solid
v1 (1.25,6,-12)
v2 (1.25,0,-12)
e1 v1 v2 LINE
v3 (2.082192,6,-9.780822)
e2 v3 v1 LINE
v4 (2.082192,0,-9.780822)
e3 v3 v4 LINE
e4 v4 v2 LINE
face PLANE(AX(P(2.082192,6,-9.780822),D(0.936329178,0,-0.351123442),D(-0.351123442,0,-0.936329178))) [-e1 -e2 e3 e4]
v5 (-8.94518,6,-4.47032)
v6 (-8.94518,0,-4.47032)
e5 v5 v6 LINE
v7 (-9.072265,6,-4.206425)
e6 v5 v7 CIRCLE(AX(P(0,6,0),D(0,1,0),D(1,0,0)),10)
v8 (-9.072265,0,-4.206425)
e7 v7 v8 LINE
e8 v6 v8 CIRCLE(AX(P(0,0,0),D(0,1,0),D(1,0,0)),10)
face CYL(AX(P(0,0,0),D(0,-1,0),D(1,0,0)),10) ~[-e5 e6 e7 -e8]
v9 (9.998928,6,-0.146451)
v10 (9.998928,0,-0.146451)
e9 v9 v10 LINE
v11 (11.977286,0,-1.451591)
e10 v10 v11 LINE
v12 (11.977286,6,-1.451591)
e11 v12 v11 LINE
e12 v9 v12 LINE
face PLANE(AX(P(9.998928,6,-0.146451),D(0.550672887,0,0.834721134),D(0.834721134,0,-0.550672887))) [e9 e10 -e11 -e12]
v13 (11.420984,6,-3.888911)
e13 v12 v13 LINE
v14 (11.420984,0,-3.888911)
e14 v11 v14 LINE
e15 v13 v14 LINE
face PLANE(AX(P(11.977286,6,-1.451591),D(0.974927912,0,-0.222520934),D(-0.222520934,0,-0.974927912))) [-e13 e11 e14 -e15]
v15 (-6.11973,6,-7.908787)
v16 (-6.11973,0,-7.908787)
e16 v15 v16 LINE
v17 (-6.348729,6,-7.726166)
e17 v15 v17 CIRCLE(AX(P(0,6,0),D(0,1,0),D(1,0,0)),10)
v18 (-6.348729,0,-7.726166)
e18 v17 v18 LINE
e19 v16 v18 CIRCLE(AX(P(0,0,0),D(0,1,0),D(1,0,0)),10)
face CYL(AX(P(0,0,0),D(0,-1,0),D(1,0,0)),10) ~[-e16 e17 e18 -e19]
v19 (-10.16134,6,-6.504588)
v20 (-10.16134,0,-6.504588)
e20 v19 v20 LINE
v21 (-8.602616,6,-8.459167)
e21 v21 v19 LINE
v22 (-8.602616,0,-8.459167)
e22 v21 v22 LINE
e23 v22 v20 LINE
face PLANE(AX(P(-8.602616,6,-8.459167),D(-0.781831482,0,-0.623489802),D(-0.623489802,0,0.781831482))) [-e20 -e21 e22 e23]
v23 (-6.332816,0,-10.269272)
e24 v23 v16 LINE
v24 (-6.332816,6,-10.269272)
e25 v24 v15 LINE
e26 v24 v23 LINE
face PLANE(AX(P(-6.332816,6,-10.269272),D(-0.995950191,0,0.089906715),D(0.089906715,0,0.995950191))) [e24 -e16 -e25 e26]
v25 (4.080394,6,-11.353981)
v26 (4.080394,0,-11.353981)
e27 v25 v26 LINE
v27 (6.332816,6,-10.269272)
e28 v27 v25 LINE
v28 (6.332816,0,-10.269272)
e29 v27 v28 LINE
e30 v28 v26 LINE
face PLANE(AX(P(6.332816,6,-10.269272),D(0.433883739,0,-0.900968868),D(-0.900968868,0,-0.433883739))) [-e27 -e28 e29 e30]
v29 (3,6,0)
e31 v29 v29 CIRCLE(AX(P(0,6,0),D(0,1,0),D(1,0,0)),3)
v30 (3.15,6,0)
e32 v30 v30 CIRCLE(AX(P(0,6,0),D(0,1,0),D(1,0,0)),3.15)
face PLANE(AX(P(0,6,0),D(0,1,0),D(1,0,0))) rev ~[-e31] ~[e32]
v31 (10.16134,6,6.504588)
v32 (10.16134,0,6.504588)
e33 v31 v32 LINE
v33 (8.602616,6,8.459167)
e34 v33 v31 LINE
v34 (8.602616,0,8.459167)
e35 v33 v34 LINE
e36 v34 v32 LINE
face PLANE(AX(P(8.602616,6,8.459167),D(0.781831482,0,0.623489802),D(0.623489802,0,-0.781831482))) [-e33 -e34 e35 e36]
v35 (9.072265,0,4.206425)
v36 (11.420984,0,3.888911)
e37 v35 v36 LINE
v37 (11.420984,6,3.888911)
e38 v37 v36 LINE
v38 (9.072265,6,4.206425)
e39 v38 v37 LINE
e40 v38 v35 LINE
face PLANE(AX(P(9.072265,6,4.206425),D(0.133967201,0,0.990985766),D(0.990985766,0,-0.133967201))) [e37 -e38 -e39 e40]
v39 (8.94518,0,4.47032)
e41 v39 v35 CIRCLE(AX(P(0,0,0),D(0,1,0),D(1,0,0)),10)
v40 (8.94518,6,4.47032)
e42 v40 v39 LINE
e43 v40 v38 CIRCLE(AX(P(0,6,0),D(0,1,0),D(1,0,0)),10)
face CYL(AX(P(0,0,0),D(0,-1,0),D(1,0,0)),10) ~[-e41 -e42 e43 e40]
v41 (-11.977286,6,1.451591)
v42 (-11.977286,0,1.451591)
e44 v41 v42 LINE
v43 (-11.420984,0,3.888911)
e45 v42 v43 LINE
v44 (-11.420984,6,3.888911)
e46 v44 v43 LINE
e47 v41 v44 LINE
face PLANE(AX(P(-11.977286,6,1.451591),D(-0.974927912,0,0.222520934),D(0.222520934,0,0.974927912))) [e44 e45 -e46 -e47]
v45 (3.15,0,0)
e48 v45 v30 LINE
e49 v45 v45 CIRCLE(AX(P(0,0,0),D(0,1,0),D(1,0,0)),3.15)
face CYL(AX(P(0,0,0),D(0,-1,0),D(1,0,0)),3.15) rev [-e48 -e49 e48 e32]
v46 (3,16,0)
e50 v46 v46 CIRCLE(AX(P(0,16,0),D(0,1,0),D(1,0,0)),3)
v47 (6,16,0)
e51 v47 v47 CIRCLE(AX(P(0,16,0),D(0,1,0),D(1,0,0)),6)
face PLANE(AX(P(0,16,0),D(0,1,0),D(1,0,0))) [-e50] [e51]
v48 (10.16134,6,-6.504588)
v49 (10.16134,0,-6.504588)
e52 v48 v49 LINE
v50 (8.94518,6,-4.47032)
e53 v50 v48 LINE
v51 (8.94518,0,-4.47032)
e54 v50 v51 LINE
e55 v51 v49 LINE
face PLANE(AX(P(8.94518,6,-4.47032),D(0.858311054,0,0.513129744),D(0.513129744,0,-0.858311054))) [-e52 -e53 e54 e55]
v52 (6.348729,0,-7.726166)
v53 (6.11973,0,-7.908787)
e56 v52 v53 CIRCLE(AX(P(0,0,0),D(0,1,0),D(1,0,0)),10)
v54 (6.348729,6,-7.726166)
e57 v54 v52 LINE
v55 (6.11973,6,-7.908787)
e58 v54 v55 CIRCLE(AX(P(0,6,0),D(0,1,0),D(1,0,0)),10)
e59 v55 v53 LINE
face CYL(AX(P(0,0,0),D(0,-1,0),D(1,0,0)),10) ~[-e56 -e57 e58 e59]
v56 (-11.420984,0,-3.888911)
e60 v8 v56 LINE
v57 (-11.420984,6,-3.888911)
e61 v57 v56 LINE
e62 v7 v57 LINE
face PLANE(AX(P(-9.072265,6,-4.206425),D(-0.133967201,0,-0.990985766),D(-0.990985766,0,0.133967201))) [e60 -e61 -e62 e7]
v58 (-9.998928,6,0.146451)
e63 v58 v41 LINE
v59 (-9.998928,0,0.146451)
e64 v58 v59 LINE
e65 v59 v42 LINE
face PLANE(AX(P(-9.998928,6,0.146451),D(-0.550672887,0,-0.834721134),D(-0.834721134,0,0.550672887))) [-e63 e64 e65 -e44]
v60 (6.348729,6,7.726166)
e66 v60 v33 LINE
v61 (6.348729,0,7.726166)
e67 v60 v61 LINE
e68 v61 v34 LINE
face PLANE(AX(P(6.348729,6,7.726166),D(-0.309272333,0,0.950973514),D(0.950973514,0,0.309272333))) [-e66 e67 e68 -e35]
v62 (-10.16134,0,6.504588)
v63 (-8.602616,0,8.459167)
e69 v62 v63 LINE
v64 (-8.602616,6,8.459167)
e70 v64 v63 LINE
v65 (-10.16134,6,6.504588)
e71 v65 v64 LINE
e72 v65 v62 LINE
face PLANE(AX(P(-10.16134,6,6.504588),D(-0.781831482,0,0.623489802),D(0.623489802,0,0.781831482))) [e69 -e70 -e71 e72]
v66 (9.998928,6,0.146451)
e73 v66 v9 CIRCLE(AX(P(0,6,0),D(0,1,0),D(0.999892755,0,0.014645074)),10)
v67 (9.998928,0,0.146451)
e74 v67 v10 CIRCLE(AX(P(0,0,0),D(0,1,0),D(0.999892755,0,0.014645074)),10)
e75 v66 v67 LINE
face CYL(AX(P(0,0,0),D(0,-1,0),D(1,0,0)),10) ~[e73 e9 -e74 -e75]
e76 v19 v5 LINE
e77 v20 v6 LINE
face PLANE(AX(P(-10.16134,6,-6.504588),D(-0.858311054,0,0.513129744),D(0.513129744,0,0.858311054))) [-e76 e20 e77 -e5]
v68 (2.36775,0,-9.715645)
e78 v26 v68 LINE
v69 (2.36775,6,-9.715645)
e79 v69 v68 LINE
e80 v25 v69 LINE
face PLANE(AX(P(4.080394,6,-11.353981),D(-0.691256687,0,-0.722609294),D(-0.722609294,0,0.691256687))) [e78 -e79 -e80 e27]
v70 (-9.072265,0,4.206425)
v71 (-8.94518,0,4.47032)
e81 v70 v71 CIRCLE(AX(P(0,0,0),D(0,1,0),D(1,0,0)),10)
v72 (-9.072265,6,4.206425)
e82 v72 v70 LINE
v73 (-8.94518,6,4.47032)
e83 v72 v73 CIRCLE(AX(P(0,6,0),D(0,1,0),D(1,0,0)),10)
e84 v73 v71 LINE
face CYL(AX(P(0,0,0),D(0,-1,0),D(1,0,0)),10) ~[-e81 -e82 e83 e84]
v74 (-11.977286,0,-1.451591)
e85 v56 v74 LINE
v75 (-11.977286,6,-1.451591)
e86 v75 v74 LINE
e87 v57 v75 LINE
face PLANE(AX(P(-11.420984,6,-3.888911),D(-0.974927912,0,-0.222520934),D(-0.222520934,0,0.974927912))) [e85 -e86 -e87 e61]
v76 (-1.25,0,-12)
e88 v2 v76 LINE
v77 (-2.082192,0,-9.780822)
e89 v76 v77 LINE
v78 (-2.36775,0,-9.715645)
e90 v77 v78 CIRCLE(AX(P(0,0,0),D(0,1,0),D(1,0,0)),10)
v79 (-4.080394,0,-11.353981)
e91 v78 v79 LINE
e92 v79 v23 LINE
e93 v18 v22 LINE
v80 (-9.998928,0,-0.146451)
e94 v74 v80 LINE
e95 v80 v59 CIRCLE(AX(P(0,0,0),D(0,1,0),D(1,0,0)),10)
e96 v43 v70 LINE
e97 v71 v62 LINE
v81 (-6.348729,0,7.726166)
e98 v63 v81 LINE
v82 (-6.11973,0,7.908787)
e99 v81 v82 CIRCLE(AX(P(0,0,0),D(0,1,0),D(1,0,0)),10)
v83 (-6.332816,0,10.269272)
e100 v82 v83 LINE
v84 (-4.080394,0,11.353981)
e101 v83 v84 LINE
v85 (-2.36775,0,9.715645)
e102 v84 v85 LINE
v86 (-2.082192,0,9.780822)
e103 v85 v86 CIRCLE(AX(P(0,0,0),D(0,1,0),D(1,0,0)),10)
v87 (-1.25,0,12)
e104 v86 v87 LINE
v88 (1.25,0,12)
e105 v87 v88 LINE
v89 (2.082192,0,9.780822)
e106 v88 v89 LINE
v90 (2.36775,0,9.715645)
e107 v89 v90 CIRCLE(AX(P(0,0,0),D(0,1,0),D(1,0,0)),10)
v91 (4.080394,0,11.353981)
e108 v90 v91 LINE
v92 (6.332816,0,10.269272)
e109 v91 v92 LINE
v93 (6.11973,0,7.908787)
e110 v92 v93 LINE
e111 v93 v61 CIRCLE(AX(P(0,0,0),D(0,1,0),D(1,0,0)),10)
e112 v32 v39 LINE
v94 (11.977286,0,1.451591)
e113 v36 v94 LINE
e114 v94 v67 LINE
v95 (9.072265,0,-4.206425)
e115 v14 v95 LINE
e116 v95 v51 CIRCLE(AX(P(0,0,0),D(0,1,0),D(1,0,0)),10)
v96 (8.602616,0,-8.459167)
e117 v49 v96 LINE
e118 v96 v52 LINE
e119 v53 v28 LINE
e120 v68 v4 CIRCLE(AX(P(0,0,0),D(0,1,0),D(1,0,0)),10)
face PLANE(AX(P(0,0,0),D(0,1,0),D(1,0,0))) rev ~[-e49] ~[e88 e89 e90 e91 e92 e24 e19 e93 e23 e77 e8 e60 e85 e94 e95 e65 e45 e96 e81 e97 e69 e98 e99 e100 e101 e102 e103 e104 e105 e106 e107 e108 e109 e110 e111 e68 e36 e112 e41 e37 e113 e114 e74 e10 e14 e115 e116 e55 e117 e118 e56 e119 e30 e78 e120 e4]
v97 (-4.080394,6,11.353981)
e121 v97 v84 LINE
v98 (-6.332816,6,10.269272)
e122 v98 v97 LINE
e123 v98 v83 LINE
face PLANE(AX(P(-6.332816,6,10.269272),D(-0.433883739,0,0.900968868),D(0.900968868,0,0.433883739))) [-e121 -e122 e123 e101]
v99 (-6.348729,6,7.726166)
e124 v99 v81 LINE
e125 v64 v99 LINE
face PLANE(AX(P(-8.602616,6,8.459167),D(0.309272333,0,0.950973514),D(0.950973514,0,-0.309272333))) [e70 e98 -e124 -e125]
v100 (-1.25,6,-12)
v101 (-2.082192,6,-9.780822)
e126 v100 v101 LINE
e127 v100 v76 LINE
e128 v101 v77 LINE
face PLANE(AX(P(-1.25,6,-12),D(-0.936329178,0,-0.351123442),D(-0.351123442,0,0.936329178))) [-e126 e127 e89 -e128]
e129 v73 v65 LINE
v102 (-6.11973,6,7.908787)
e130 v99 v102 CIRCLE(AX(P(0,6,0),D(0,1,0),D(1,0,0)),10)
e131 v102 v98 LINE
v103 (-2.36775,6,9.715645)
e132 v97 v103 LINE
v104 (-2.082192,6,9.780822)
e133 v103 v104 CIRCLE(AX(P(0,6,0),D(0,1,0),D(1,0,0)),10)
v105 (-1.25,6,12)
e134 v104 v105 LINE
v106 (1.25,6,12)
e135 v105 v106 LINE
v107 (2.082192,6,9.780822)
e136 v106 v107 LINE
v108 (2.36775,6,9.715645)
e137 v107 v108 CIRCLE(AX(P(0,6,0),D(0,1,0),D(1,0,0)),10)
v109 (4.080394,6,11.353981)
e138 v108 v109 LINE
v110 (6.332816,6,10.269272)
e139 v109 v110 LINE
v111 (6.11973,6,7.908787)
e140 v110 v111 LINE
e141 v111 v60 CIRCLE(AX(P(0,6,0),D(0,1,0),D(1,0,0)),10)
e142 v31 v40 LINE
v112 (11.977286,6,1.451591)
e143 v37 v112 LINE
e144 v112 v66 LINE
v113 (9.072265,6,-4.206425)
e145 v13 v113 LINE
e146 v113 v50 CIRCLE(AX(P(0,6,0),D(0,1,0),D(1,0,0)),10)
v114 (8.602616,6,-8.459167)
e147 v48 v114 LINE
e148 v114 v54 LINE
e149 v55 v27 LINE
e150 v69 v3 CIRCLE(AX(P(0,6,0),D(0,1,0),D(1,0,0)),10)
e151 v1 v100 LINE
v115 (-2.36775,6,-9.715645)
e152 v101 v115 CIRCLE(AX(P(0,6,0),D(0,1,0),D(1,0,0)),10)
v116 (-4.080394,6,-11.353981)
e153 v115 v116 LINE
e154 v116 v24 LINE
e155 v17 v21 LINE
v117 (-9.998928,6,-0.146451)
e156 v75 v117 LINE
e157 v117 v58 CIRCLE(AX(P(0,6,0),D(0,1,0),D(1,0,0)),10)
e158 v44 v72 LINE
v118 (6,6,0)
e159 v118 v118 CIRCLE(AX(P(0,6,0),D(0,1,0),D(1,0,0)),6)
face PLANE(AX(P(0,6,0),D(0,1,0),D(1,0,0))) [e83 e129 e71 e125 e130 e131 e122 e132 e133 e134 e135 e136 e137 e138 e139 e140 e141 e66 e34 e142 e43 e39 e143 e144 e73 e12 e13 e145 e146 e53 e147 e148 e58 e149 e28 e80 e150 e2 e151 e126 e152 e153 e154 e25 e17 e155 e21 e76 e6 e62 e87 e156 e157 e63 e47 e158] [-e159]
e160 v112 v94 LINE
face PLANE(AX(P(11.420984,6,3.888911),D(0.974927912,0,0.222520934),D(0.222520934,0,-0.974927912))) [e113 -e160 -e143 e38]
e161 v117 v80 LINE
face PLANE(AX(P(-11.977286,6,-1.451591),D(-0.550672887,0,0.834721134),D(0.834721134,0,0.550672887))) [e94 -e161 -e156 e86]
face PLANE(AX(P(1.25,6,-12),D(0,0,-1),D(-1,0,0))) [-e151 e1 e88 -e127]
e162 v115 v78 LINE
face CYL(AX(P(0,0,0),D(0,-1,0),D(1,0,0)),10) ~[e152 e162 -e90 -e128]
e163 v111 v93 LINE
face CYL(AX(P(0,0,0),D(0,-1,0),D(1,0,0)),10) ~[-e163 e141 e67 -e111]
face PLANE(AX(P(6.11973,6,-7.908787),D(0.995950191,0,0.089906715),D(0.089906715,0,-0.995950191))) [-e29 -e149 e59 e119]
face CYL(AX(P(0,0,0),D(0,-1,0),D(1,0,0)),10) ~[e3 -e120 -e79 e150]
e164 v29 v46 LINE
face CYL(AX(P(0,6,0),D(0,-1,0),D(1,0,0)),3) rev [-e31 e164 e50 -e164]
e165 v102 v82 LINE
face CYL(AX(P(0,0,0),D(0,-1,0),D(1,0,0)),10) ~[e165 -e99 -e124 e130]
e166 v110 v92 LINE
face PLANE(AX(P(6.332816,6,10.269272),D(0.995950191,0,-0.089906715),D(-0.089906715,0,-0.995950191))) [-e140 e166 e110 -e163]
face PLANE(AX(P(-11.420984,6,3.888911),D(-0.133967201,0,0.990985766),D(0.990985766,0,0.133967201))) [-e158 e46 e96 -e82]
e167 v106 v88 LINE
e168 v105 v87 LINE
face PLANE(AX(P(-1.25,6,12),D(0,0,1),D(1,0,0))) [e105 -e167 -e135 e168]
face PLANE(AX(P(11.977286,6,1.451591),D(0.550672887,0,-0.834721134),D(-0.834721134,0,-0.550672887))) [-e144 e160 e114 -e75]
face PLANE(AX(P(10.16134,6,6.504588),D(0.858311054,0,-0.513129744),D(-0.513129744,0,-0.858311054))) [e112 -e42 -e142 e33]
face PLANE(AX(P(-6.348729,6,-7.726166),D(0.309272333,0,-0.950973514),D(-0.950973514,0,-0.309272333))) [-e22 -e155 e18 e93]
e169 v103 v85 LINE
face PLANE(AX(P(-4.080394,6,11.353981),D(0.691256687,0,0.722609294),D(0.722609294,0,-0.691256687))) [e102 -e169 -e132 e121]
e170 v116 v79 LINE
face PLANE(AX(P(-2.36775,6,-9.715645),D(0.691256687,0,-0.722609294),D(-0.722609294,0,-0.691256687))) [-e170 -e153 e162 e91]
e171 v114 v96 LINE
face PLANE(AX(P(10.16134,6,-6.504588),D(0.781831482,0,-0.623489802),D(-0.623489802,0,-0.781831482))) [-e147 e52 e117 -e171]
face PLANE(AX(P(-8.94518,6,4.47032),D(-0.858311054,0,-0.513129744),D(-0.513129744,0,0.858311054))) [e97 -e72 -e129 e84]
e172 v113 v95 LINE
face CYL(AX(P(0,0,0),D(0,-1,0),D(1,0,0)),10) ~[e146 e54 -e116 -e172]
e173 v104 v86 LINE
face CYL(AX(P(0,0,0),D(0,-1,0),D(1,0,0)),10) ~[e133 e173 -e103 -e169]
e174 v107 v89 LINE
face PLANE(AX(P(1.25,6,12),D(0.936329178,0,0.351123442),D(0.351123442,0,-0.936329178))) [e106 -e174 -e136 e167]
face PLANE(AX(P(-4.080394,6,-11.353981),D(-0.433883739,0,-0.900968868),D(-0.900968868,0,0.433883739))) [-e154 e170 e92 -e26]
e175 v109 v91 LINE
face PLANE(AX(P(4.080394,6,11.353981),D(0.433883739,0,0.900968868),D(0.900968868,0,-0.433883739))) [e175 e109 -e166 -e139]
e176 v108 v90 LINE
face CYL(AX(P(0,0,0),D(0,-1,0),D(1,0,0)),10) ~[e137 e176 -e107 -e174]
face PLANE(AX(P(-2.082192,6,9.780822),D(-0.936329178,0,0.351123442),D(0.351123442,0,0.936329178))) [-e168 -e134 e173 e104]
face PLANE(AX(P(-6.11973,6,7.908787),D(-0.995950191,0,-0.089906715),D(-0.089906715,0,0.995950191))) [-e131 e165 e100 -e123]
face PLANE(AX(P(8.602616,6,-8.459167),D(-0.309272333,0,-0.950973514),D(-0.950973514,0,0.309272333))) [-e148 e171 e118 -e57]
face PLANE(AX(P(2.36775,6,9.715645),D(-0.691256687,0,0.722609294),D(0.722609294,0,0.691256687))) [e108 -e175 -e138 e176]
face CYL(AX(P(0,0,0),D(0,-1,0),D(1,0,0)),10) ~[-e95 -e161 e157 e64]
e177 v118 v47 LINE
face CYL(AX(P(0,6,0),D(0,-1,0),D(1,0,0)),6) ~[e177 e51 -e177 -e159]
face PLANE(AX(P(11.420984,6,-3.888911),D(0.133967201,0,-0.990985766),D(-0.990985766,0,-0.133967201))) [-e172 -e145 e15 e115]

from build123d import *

# Parameters (mm, degrees)
SKETCH1_R           = 10
SKETCH1_R_2         = 3.15
BOSS_EXTRUDE1_DEPTH = 6
SKETCH2_R           = 6
SKETCH2_R_2         = 3
BOSS_EXTRUDE2_DEPTH = 10
BOSS_EXTRUDE3_DEPTH = 6


with BuildPart() as part:
    # Sketch1 → Boss-Extrude1 (new body)
    with BuildSketch(Plane(origin=(0, 0, 0), x_dir=(1, 0, 0), z_dir=(0, 1, 0))):
        Circle(SKETCH1_R)
        Circle(SKETCH1_R_2, mode=Mode.SUBTRACT)
    extrude(amount=BOSS_EXTRUDE1_DEPTH)

    # Sketch2 → Boss-Extrude2 (add)
    with BuildSketch(Plane(origin=(0, 6, 0), x_dir=(1, 0, 0), z_dir=(0, 1, 0))):
        Circle(SKETCH2_R)
        Circle(SKETCH2_R_2, mode=Mode.SUBTRACT)
    extrude(amount=BOSS_EXTRUDE2_DEPTH)

    # Sketch3 → Boss-Extrude3 (add)
    with BuildSketch(Plane(origin=(0, 6, 0), x_dir=(1, 0, 0), z_dir=(0, 1, 0))):
        with BuildLine():
            Line((1.25, 12), (-1.25, 12))
            Line((-1.25, 12), (-2.082191781, 9.780821918))
            ThreePointArc((-2.082191781, 9.780821918), (0, 10), (2.082191781, 9.780821918))
            Line((2.082191781, 9.780821918), (1.25, 12))
        make_face()
        with BuildLine():
            ThreePointArc((-6.119729557, 7.908786895), (-4.338837391, 9.009688679), (-2.367749614, 9.715645206))
            Line((-2.367749614, 9.715645206), (-4.080393785, 11.353981089))
            Line((-4.080393785, 11.353981089), (-6.332815954, 10.269271741))
            Line((-6.332815954, 10.269271741), (-6.119729557, 7.908786895))
        make_face()
        with BuildLine():
            Line((4.080393785, 11.353981089), (2.367749614, 9.715645206))
            ThreePointArc((2.367749614, 9.715645206), (4.338837391, 9.009688679), (6.119729557, 7.908786895))
            Line((6.119729557, 7.908786895), (6.332815954, 10.269271741))
            Line((6.332815954, 10.269271741), (4.080393785, 11.353981089))
        make_face()
        with BuildLine():
            ThreePointArc((-8.945179841, 4.470319633), (-7.818314825, 6.234898019), (-6.348729159, 7.726165806))
            Line((-6.348729159, 7.726165806), (-8.602615537, 8.459166975))
            Line((-8.602615537, 8.459166975), (-10.161340042, 6.504588269))
            Line((-10.161340042, 6.504588269), (-8.945179841, 4.470319633))
        make_face()
        with BuildLine():
            Line((8.602615537, 8.459166975), (6.348729159, 7.726165806))
            ThreePointArc((6.348729159, 7.726165806), (7.818314825, 6.234898019), (8.945179841, 4.470319633))
            Line((8.945179841, 4.470319633), (10.161340042, 6.504588269))
            Line((10.161340042, 6.504588269), (8.602615537, 8.459166975))
        make_face()
        with BuildLine():
            ThreePointArc((-9.998927551, 0.146450742), (-9.749279122, 2.22520934), (-9.072265032, 4.206424514))
            Line((-9.072265032, 4.206424514), (-11.420983779, 3.888911098))
            Line((-11.420983779, 3.888911098), (-11.977286114, 1.451591317))
            Line((-11.977286114, 1.451591317), (-9.998927551, 0.146450742))
        make_face()
        with BuildLine():
            Line((11.420983779, 3.888911098), (9.072265032, 4.206424514))
            ThreePointArc((9.072265032, 4.206424514), (9.749279122, 2.22520934), (9.998927551, 0.146450742))
            Line((9.998927551, 0.146450742), (11.977286114, 1.451591317))
            Line((11.977286114, 1.451591317), (11.420983779, 3.888911098))
        make_face()
        with BuildLine():
            ThreePointArc((-9.072265032, -4.206424514), (-9.749279122, -2.22520934), (-9.998927551, -0.146450742))
            Line((-9.998927551, -0.146450742), (-11.977286114, -1.451591317))
            Line((-11.977286114, -1.451591317), (-11.420983779, -3.888911098))
            Line((-11.420983779, -3.888911098), (-9.072265032, -4.206424514))
        make_face()
        with BuildLine():
            Line((11.977286114, -1.451591317), (9.998927551, -0.146450742))
            ThreePointArc((9.998927551, -0.146450742), (9.749279122, -2.22520934), (9.072265032, -4.206424514))
            Line((9.072265032, -4.206424514), (11.420983779, -3.888911098))
            Line((11.420983779, -3.888911098), (11.977286114, -1.451591317))
        make_face()
        with BuildLine():
            ThreePointArc((-6.348729159, -7.726165806), (-7.818314825, -6.234898019), (-8.945179841, -4.470319633))
            Line((-8.945179841, -4.470319633), (-10.161340042, -6.504588269))
            Line((-10.161340042, -6.504588269), (-8.602615537, -8.459166975))
            Line((-8.602615537, -8.459166975), (-6.348729159, -7.726165806))
        make_face()
        with BuildLine():
            Line((10.161340042, -6.504588269), (8.945179841, -4.470319633))
            ThreePointArc((8.945179841, -4.470319633), (7.818314825, -6.234898019), (6.348729159, -7.726165806))
            Line((6.348729159, -7.726165806), (8.602615537, -8.459166975))
            Line((8.602615537, -8.459166975), (10.161340042, -6.504588269))
        make_face()
        with BuildLine():
            ThreePointArc((-2.367749614, -9.715645206), (-4.338837391, -9.009688679), (-6.119729557, -7.908786895))
            Line((-6.119729557, -7.908786895), (-6.332815954, -10.269271741))
            Line((-6.332815954, -10.269271741), (-4.080393785, -11.353981089))
            Line((-4.080393785, -11.353981089), (-2.367749614, -9.715645206))
        make_face()
        with BuildLine():
            Line((6.332815954, -10.269271741), (6.119729557, -7.908786895))
            ThreePointArc((6.119729557, -7.908786895), (4.338837391, -9.009688679), (2.367749614, -9.715645206))
            Line((2.367749614, -9.715645206), (4.080393785, -11.353981089))
            Line((4.080393785, -11.353981089), (6.332815954, -10.269271741))
        make_face()
        with BuildLine():
            ThreePointArc((2.082191781, -9.780821918), (0, -10), (-2.082191781, -9.780821918))
            Line((-2.082191781, -9.780821918), (-1.25, -12))
            Line((-1.25, -12), (1.25, -12))
            Line((1.25, -12), (2.082191781, -9.780821918))
        make_face()
    extrude(amount=-BOSS_EXTRUDE3_DEPTH)


solid = part.part
